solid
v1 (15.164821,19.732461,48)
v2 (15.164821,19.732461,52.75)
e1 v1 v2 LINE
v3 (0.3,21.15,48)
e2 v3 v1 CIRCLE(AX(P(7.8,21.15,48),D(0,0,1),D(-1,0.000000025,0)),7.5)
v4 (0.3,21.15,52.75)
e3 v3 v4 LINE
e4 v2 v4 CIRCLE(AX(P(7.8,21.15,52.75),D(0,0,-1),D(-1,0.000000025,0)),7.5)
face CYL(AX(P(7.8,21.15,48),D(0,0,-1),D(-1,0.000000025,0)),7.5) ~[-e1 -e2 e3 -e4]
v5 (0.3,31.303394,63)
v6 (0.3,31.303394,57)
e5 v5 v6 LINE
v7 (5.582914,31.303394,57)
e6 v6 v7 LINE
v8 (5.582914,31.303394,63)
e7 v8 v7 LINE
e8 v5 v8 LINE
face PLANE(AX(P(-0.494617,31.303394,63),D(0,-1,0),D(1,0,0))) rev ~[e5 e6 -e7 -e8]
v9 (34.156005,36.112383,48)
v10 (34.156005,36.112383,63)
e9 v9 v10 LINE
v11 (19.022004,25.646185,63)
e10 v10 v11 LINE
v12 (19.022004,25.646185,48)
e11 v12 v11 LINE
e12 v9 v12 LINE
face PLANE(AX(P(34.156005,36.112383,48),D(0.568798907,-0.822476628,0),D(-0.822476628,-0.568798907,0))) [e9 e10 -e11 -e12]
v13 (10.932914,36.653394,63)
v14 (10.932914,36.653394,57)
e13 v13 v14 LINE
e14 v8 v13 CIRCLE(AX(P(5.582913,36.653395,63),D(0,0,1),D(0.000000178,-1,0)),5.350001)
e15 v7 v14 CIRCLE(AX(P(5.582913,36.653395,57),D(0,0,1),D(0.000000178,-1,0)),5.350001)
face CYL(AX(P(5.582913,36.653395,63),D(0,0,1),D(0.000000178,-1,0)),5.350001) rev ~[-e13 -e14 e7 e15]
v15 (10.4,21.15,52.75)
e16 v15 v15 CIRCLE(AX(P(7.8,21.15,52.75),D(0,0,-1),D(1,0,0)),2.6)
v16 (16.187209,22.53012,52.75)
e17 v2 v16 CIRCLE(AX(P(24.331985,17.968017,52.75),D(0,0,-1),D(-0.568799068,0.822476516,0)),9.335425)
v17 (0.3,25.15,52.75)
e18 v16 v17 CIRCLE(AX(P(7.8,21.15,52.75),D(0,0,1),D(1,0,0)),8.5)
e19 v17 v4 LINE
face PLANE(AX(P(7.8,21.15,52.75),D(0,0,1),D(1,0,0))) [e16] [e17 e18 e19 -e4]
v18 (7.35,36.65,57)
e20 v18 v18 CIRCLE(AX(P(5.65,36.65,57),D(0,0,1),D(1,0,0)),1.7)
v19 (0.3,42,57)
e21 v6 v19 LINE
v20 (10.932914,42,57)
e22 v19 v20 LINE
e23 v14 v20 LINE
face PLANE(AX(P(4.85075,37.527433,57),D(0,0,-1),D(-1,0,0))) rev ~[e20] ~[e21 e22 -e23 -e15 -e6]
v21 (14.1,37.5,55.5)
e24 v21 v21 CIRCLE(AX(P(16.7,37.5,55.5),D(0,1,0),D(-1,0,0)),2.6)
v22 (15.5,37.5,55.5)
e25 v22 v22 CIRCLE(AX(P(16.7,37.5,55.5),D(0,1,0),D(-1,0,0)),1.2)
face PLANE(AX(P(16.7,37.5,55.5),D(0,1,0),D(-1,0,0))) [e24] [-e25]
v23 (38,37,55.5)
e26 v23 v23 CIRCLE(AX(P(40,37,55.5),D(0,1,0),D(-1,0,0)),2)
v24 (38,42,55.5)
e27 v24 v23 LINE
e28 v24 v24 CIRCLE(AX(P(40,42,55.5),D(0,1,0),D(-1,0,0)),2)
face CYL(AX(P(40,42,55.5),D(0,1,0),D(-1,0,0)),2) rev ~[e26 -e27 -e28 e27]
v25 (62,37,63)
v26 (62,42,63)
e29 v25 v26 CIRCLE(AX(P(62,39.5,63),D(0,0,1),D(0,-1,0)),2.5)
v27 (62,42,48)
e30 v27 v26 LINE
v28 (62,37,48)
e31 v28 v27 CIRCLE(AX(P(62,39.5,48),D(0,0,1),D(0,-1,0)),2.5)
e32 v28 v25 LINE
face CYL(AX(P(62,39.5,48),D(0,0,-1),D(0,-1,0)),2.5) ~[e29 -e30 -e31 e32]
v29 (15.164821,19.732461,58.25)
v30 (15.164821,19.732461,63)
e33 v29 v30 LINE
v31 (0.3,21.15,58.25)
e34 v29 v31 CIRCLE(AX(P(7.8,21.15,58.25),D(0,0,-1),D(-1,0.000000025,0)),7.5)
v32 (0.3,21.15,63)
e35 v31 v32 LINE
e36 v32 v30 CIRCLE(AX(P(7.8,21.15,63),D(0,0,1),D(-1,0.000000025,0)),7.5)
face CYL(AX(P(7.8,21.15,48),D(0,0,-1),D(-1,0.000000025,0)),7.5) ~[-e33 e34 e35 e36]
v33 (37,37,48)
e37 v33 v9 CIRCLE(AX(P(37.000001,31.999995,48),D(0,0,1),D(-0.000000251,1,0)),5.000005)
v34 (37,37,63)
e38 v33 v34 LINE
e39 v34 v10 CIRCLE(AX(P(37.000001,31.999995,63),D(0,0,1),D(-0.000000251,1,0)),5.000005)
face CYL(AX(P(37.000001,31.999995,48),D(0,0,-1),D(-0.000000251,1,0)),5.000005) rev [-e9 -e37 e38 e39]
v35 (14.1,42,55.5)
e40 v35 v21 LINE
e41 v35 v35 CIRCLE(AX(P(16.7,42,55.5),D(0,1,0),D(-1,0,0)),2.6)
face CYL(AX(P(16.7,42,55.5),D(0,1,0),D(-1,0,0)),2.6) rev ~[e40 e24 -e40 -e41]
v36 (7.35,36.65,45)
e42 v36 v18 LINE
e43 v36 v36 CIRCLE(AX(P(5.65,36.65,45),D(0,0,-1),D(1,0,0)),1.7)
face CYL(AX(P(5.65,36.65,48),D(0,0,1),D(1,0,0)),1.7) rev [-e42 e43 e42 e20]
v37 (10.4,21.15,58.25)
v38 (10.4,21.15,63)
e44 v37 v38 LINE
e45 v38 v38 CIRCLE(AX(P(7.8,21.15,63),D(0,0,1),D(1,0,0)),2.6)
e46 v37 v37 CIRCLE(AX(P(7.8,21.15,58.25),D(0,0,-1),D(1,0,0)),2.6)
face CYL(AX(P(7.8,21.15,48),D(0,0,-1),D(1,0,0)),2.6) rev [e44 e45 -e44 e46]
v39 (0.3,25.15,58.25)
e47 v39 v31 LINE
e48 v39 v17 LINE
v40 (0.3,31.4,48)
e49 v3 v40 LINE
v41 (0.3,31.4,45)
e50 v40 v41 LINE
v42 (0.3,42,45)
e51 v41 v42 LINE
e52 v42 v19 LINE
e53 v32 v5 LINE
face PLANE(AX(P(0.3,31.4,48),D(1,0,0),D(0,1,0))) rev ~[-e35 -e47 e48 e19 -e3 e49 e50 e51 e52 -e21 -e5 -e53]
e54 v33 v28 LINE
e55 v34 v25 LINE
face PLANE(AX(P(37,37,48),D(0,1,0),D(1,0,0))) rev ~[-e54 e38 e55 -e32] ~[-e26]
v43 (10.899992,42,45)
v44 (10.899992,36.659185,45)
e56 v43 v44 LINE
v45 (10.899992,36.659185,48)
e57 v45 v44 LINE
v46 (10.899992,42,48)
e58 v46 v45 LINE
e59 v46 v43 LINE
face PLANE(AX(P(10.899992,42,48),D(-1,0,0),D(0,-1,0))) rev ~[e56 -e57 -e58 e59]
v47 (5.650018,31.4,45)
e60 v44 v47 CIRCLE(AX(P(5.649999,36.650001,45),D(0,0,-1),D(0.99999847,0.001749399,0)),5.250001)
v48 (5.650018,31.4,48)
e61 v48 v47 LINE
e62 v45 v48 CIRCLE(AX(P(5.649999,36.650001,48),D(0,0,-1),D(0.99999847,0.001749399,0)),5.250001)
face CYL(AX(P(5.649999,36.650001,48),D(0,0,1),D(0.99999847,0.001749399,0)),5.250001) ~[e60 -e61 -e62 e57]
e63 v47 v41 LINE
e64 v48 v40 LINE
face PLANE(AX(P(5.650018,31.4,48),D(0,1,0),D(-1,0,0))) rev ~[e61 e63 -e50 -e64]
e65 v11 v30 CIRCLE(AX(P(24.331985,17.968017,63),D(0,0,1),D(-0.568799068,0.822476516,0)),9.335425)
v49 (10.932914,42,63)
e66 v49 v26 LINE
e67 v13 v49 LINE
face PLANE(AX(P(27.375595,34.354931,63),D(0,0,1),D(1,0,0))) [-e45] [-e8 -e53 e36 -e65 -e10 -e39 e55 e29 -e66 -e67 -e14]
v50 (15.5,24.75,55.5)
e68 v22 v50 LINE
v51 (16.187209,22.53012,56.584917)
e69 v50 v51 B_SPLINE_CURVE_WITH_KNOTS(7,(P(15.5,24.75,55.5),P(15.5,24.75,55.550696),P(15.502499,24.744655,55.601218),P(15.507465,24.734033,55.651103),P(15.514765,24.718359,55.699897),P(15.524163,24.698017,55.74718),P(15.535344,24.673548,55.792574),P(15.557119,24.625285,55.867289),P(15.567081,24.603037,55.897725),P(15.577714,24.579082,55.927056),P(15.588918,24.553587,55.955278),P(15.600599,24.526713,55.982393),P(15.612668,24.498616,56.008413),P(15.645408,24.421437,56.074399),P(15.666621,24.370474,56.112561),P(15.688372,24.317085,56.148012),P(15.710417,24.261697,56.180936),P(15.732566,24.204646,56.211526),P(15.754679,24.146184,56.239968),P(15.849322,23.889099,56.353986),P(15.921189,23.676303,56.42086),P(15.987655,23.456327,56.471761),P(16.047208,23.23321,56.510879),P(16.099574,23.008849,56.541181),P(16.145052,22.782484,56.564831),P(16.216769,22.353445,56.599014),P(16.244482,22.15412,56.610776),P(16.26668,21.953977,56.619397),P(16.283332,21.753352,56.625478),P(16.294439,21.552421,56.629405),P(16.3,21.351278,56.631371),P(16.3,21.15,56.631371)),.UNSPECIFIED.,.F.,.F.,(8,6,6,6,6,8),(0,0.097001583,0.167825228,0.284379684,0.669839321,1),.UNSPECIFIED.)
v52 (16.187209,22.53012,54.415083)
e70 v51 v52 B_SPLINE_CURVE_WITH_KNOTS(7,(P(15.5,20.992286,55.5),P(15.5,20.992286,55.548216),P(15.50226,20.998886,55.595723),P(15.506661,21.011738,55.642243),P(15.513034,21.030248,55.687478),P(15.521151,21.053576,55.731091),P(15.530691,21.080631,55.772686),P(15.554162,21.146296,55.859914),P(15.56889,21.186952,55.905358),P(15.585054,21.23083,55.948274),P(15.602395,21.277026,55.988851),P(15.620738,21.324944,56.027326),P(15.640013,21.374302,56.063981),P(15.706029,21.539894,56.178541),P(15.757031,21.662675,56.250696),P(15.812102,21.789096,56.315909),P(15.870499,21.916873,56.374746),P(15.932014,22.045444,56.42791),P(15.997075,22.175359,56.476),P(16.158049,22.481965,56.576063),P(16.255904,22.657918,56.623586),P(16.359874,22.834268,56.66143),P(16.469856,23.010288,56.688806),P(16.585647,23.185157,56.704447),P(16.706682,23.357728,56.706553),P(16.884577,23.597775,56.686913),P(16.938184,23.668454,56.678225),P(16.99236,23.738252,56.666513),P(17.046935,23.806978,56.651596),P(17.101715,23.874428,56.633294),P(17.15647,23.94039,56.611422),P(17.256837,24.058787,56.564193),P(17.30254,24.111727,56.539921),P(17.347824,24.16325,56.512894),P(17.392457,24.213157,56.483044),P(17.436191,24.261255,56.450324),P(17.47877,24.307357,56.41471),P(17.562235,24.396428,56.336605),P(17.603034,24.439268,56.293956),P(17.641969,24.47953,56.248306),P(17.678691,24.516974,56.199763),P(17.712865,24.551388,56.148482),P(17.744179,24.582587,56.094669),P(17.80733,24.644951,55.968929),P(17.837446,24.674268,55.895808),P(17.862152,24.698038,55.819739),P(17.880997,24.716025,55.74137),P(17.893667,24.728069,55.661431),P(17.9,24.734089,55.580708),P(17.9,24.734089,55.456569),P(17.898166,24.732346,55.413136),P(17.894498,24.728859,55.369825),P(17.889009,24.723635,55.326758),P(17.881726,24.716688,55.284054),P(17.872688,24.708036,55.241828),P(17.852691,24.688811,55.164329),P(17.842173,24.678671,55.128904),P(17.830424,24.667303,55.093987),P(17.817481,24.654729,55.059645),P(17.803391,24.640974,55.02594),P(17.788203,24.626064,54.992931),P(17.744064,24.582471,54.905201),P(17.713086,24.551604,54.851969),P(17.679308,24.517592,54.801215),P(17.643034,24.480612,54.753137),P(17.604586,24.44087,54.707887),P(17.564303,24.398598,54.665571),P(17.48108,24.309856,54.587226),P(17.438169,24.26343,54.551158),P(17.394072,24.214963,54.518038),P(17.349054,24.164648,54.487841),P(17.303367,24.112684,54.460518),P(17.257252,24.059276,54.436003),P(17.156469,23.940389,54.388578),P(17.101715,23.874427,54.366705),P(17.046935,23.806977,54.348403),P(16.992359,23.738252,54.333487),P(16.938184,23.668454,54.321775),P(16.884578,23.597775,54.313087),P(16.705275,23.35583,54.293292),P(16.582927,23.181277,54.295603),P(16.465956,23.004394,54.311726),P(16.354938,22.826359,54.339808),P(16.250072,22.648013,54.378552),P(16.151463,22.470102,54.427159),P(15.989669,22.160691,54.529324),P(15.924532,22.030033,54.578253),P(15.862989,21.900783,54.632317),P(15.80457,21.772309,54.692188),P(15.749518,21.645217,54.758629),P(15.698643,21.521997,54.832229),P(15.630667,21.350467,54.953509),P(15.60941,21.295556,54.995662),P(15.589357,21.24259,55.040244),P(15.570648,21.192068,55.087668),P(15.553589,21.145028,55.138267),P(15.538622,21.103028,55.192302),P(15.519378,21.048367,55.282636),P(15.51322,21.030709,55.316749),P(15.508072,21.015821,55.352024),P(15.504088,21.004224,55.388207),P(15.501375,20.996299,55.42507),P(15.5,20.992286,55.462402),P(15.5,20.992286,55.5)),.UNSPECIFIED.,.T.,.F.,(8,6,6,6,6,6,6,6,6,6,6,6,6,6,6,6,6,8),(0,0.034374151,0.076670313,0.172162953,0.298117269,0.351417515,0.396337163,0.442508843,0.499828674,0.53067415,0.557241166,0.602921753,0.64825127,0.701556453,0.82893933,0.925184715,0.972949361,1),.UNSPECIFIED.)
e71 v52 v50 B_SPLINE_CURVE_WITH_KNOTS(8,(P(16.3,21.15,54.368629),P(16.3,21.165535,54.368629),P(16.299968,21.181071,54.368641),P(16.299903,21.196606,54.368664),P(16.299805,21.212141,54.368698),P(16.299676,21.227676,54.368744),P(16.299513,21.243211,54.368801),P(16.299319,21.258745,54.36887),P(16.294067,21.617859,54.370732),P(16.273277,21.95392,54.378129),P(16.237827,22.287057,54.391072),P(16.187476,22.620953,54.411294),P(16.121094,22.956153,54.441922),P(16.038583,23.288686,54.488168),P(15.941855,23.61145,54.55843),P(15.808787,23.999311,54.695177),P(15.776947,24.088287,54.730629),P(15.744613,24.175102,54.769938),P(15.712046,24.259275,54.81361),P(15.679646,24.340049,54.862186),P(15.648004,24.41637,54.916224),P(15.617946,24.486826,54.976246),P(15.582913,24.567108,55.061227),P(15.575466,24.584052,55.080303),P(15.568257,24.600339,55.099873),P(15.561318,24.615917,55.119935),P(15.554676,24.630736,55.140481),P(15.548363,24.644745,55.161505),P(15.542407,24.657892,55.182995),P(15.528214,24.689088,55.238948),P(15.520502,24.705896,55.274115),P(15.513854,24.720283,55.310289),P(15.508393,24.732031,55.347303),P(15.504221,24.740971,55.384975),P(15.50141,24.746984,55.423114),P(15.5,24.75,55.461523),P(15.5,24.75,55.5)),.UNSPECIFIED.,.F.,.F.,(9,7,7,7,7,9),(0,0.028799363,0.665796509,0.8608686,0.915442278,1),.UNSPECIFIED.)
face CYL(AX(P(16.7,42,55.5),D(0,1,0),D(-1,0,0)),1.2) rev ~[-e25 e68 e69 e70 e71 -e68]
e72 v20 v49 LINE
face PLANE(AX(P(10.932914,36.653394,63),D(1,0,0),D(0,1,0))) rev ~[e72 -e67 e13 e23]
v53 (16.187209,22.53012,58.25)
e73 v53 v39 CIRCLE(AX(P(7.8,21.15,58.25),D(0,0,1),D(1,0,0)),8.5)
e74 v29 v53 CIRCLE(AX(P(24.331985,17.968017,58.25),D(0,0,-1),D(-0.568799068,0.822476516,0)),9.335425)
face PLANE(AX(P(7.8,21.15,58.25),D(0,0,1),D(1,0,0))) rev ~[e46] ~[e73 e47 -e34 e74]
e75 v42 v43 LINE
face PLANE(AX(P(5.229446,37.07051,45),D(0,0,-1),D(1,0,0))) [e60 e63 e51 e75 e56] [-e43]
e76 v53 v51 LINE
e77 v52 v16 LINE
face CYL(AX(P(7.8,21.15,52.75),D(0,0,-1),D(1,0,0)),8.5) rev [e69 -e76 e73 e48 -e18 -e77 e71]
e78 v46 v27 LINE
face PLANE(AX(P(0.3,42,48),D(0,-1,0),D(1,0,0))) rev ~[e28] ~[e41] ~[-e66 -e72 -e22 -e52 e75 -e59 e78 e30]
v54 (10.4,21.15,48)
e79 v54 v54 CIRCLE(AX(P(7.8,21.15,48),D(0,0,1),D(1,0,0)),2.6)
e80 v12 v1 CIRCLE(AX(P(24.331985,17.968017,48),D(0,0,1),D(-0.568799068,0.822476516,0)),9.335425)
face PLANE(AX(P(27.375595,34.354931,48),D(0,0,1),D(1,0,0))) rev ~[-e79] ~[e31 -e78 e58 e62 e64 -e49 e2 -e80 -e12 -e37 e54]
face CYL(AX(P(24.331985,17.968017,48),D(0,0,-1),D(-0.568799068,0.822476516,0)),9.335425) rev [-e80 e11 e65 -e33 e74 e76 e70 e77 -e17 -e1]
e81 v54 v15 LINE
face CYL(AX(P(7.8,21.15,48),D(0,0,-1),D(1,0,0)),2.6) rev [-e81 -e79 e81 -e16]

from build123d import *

# Parameters (mm, degrees)
SKETCH009_R        = 8.5
SKETCH009_R_2      = 2.5
PAD012_DEPTH       = 5.5
SKETCH006_R        = 1.7
SKETCH006_R_2      = 2.6
PAD005_DEPTH       = 15
SKETCH024_R        = 1.7
PAD013_DEPTH       = 3
SKETCH014_R        = 2
SKETCH014_R_2      = 1.2
POCKET011002_DEPTH = 28.351
SKETCH017_R        = 2.6
POCKET011003_DEPTH = 4.5
POCKET011004_DEPTH = 6


with BuildPart() as roller_copy:
    # Sketch009 → Pad012 (new body)
    with BuildSketch(Plane(origin=(7.8, 21.15, 52.75), x_dir=(1, 0, 0), z_dir=(0, 0, 1))):
        Circle(SKETCH009_R)
        Circle(SKETCH009_R_2, mode=Mode.SUBTRACT)
    extrude(amount=PAD012_DEPTH)


with BuildPart() as tensioner001:
    # Sketch006 → Pad005 (new body)
    with BuildSketch(Plane.XY.offset(48)):
        with BuildLine():
            ThreePointArc((0.3, 21.15), (7.088015, 13.683871), (15.164821, 19.732461))
            ThreePointArc((19.022004, 25.646185), (16.51278, 23.068036), (15.164821, 19.732461))
            Line((34.156005, 36.112383), (19.022004, 25.646185))
            ThreePointArc((37, 37), (35.510355, 36.77294), (34.156005, 36.112383))
            Line((37, 37), (62, 37))
            ThreePointArc((62, 37), (64.5, 39.5), (62, 42))
            Line((0.3, 42), (62, 42))
            Line((0.3, 21.15), (0.3, 42))
        make_face()
        with Locations((5.65, 36.65)):
            Circle(SKETCH006_R, mode=Mode.SUBTRACT)
        with Locations((7.8, 21.15)):
            Circle(SKETCH006_R_2, mode=Mode.SUBTRACT)
    extrude(amount=PAD005_DEPTH)

    # Sketch024 → Pad013 (new body)
    with BuildSketch(Plane(origin=(0, 0, 48), x_dir=(1, 0, 0), z_dir=(0, 0, -1))):
        with BuildLine():
            Line((0.3, -42), (10.899992, -42))
            Line((10.899992, -42), (10.899992, -36.659185))
            ThreePointArc((10.899992, -36.659185), (9.365563, -32.940945), (5.650018, -31.4))
            Line((5.650018, -31.4), (0.3, -31.4))
            Line((0.3, -31.4), (0.3, -42))
        make_face()
        with Locations((5.65, -36.65)):
            Circle(SKETCH024_R, mode=Mode.SUBTRACT)
    extrude(amount=PAD013_DEPTH)

    # Sketch014 → Pocket011002 (cut, through all)
    with BuildSketch(Plane(origin=(0, 42, 48), x_dir=(-1, 0, 0), z_dir=(0, 1, 0))):
        with Locations((-40, 7.5)):
            Circle(SKETCH014_R)
        with Locations((-16.7, 7.5)):
            Circle(SKETCH014_R_2)
    extrude(amount=-POCKET011002_DEPTH, mode=Mode.SUBTRACT)

    # Sketch017 → Pocket011003 (cut)
    with BuildSketch(Plane(origin=(0, 42, 48), x_dir=(-1, 0, 0), z_dir=(0, 1, 0))):
        with Locations((-16.7, 7.5)):
            Circle(SKETCH017_R)
    extrude(amount=-POCKET011003_DEPTH, mode=Mode.SUBTRACT)

    # Sketch025 → Pocket011004 (cut)
    with BuildSketch(Plane.XY.offset(63)):
        with BuildLine():
            Line((-0.494617, 43), (10.932914, 43))
            Line((10.932914, 36.653394), (10.932914, 43))
            ThreePointArc((5.582914, 31.303394), (9.365935, 32.870373), (10.932914, 36.653394))
            Line((-0.494617, 31.303394), (5.582914, 31.303394))
            Line((-0.494617, 31.303394), (-0.494617, 43))
        make_face()
    extrude(amount=-POCKET011004_DEPTH, mode=Mode.SUBTRACT)

    # Cut: cut roller_copy
    add(roller_copy.part, mode=Mode.SUBTRACT)


solid = tensioner001.part
